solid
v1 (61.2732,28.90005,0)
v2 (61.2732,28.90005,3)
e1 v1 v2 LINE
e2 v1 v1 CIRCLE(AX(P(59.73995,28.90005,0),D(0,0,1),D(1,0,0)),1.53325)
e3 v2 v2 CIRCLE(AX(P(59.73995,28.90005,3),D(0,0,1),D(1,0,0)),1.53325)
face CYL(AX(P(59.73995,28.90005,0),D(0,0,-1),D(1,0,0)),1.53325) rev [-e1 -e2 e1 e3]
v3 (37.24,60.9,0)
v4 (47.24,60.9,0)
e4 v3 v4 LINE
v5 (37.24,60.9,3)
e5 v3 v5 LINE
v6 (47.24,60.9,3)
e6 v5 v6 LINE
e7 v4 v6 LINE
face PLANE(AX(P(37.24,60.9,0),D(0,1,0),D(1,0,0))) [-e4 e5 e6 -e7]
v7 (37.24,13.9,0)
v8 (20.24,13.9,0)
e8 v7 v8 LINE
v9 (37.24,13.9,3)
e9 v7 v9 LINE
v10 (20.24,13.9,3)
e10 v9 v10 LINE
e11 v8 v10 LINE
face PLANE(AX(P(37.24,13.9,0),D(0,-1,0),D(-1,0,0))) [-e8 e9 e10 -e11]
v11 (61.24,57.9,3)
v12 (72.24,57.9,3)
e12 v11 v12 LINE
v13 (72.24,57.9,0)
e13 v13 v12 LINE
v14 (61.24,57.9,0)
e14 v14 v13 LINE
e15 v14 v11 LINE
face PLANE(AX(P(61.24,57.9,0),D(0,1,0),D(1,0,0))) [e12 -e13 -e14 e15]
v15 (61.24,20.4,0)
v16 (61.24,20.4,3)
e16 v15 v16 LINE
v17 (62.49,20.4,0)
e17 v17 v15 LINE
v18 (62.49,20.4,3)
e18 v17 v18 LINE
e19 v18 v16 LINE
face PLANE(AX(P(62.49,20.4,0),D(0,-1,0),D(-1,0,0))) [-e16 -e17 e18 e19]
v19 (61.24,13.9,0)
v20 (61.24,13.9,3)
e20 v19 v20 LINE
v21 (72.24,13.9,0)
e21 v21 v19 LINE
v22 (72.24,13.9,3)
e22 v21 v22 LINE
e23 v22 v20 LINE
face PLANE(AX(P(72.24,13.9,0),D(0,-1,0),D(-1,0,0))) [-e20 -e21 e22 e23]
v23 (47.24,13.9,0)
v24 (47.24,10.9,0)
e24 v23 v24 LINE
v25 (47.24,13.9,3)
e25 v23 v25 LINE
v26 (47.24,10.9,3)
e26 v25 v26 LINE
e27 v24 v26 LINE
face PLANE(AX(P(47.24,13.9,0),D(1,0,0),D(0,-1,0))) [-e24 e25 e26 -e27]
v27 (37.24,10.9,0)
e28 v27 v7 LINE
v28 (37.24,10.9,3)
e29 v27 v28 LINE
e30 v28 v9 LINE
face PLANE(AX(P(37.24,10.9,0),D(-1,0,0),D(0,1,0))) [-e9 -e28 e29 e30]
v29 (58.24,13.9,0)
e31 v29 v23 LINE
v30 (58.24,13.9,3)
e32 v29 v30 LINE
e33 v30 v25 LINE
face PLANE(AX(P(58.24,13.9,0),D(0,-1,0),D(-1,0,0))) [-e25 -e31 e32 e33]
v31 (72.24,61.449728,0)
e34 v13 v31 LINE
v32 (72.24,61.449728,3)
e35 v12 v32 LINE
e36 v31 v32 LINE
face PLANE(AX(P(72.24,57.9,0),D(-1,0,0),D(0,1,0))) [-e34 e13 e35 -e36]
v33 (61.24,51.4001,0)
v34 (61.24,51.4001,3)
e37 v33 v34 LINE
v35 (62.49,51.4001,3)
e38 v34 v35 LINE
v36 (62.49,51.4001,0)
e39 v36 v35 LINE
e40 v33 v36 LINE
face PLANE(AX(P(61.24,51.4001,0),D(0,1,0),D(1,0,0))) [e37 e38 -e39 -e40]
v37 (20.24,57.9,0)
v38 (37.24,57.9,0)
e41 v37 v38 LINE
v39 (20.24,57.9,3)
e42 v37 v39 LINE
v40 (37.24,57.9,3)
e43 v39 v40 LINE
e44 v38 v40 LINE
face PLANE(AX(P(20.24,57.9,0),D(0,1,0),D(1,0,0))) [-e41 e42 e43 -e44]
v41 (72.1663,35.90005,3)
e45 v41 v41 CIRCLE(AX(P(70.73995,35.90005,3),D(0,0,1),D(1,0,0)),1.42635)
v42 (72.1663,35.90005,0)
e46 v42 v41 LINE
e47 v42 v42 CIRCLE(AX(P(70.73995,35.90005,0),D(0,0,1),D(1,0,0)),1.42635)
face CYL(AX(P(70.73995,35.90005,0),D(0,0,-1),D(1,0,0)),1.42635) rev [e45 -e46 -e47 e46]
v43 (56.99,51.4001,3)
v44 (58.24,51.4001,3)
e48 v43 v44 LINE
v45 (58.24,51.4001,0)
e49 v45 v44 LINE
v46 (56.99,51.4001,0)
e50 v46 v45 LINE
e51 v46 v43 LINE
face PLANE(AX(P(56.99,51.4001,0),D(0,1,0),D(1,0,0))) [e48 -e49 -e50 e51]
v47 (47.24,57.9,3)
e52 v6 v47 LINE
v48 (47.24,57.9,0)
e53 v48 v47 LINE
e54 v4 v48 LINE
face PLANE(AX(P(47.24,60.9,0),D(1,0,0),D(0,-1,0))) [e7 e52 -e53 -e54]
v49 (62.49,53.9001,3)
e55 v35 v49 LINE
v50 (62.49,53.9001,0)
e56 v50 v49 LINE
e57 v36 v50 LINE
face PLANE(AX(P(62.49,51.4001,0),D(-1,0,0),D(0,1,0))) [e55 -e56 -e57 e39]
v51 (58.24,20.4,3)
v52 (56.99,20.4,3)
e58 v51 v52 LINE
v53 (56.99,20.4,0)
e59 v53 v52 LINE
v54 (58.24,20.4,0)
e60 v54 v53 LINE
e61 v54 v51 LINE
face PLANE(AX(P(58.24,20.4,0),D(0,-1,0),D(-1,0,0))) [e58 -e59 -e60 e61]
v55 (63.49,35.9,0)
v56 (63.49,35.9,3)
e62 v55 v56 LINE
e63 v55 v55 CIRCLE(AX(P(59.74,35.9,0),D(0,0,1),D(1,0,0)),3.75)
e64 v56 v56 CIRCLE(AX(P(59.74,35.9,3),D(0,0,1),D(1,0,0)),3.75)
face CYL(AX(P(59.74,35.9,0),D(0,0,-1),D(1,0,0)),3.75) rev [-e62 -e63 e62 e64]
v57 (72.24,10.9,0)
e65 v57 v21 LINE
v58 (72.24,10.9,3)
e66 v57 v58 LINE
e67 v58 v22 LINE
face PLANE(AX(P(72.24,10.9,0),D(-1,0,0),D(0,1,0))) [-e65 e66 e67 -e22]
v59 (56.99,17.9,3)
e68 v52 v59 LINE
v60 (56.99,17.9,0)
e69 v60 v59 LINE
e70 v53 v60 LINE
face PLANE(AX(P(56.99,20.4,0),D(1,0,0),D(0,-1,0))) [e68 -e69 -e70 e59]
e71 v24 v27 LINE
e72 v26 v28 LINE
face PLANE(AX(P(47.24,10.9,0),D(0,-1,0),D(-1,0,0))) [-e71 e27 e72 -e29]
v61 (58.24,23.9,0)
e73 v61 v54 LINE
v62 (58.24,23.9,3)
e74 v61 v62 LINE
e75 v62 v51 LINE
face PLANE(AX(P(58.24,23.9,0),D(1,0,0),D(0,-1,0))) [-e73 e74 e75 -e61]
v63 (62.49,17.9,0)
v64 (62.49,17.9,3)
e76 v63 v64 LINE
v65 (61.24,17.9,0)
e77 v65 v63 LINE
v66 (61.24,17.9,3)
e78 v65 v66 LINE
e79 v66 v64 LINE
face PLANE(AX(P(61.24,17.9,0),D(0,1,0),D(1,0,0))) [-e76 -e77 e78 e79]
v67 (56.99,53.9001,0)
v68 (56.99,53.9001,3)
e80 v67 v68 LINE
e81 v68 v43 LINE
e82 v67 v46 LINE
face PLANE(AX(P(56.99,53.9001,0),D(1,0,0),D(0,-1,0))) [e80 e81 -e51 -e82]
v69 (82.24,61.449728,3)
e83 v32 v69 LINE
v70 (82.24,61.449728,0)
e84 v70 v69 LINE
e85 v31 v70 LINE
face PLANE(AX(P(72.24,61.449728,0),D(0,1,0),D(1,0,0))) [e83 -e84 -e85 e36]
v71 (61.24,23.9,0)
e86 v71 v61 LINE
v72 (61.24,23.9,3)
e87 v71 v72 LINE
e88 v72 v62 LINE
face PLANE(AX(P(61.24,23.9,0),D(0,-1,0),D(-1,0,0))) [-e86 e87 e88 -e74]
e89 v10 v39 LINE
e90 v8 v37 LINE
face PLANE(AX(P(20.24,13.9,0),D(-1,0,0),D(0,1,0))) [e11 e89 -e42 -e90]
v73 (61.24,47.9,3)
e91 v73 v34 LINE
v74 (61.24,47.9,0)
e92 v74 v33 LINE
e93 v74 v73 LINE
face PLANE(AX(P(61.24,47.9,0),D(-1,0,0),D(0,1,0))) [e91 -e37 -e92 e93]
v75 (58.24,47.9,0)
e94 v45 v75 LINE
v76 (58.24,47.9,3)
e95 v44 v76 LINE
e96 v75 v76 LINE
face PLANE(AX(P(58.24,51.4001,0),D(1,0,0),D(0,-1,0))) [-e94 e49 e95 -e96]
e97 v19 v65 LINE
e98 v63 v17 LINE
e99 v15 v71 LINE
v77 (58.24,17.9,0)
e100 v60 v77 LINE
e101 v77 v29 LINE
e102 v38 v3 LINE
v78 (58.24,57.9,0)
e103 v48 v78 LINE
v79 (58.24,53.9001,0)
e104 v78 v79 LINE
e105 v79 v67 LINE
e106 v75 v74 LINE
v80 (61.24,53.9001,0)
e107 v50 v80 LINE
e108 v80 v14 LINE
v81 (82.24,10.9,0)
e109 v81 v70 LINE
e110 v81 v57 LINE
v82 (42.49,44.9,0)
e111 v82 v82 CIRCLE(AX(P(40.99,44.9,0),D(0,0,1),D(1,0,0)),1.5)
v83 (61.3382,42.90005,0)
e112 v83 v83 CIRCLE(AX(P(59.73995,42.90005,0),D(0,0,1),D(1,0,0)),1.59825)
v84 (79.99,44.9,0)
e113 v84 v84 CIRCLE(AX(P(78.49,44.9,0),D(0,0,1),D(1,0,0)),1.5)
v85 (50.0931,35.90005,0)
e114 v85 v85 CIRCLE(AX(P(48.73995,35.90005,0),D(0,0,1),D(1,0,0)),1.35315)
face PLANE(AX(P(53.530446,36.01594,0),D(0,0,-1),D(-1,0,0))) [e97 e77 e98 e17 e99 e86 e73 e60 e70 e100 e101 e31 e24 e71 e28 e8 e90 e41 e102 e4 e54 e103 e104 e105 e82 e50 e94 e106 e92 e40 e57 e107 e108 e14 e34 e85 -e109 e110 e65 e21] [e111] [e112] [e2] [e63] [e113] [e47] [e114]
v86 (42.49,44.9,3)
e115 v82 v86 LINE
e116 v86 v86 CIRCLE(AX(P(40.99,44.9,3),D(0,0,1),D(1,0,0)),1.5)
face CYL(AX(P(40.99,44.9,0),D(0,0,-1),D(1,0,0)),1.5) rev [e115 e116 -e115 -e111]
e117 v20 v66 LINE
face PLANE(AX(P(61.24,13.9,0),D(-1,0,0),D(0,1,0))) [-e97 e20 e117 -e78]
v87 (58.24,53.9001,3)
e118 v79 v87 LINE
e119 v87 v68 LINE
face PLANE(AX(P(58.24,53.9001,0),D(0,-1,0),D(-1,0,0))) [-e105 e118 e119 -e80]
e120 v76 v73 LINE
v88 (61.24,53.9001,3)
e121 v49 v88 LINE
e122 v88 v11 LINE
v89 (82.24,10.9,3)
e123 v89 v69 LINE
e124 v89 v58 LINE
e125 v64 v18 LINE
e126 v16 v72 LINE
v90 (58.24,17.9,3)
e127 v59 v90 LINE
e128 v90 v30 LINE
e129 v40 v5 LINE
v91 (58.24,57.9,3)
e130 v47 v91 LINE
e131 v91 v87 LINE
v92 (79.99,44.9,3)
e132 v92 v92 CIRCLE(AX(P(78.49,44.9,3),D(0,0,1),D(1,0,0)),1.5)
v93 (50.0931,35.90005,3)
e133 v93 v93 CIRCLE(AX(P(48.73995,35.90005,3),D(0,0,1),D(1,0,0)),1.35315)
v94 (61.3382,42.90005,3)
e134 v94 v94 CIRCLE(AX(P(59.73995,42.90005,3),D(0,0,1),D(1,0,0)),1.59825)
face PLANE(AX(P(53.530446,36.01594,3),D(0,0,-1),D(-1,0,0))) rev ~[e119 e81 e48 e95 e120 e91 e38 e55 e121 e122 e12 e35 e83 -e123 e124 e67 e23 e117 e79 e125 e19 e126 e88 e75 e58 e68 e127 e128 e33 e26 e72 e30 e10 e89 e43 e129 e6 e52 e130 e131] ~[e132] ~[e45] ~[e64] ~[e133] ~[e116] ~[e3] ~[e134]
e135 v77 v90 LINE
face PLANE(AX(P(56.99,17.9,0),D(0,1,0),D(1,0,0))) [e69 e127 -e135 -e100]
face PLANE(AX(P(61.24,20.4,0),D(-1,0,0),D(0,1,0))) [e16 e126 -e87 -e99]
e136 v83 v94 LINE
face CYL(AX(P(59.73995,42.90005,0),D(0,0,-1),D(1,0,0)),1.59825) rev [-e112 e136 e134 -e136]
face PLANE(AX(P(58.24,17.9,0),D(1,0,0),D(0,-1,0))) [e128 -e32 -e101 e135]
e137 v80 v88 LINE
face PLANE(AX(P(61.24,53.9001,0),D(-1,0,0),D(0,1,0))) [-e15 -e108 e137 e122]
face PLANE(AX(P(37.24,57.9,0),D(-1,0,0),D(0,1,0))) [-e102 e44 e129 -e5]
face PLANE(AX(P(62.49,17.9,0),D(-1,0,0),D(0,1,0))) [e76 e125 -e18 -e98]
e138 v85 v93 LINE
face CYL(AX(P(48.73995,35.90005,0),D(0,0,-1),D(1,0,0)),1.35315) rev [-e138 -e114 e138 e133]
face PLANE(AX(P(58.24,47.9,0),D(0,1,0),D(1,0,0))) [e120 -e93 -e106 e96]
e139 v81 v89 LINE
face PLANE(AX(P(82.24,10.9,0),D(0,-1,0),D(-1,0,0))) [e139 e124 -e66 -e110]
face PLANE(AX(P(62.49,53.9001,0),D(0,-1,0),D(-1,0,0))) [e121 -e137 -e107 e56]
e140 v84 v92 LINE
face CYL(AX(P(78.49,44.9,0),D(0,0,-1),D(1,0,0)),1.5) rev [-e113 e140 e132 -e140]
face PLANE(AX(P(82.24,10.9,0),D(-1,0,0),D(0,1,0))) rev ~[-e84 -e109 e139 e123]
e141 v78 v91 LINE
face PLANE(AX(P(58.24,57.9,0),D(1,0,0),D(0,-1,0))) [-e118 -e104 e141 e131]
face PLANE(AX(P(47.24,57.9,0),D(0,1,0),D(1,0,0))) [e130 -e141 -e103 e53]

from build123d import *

# Parameters (mm, degrees)
MODEL_R             = 3.750000001
MODEL_R_2           = 1.500000002
MODEL_R_3           = 1.353150001
MODEL_R_4           = 1.598250001
MODEL_R_5           = 1.533250001
MODEL_R_6           = 1.426350001
BOSS_EXTRUDE1_DEPTH = 3


with BuildPart() as part:
    # Model → Boss-Extrude1 (new body)
    with BuildSketch(Plane.XY):
        Polygon((58.24, 47.9), (61.24, 47.9), (61.24, 51.4001), (62.49, 51.4001), (62.49, 53.9001), (61.24, 53.9001), (61.24, 57.9), (72.24, 57.9), (72.24, 61.449728443), (82.24, 61.449728443), (82.24, 57.9), (82.24, 13.9), (82.24, 10.9), (72.24, 10.9), (72.24, 13.9), (61.24, 13.9), (61.24, 17.9), (62.49, 17.9), (62.49, 20.4), (61.24, 20.4), (61.24, 23.9), (58.24, 23.9), (58.24, 20.4), (56.99, 20.4), (56.99, 17.9), (58.24, 17.9), (58.24, 13.9), (47.24, 13.9), (47.24, 10.9), (37.24, 10.9), (37.24, 13.9), (20.24, 13.9), (20.24, 57.9), (37.24, 57.9), (37.24, 60.9), (47.24, 60.9), (47.24, 57.9), (58.24, 57.9), (58.24, 53.9001), (56.99, 53.9001), (56.99, 51.4001), (58.24, 51.4001), align=None)
        with Locations((59.739999999, 35.899999999)):
            Circle(MODEL_R, mode=Mode.SUBTRACT)
        with Locations((40.989999998, 44.899999998)):
            Circle(MODEL_R_2, mode=Mode.SUBTRACT)
        with Locations((48.73995, 35.90005)):
            Circle(MODEL_R_3, mode=Mode.SUBTRACT)
        with Locations((59.73995, 42.90005)):
            Circle(MODEL_R_4, mode=Mode.SUBTRACT)
        with Locations((59.73995, 28.90005)):
            Circle(MODEL_R_5, mode=Mode.SUBTRACT)
        with Locations((70.73995, 35.90005)):
            Circle(MODEL_R_6, mode=Mode.SUBTRACT)
        with Locations((78.489999998, 44.899999998)):
            Circle(MODEL_R_2, mode=Mode.SUBTRACT)
    extrude(amount=BOSS_EXTRUDE1_DEPTH)


solid = part.part
